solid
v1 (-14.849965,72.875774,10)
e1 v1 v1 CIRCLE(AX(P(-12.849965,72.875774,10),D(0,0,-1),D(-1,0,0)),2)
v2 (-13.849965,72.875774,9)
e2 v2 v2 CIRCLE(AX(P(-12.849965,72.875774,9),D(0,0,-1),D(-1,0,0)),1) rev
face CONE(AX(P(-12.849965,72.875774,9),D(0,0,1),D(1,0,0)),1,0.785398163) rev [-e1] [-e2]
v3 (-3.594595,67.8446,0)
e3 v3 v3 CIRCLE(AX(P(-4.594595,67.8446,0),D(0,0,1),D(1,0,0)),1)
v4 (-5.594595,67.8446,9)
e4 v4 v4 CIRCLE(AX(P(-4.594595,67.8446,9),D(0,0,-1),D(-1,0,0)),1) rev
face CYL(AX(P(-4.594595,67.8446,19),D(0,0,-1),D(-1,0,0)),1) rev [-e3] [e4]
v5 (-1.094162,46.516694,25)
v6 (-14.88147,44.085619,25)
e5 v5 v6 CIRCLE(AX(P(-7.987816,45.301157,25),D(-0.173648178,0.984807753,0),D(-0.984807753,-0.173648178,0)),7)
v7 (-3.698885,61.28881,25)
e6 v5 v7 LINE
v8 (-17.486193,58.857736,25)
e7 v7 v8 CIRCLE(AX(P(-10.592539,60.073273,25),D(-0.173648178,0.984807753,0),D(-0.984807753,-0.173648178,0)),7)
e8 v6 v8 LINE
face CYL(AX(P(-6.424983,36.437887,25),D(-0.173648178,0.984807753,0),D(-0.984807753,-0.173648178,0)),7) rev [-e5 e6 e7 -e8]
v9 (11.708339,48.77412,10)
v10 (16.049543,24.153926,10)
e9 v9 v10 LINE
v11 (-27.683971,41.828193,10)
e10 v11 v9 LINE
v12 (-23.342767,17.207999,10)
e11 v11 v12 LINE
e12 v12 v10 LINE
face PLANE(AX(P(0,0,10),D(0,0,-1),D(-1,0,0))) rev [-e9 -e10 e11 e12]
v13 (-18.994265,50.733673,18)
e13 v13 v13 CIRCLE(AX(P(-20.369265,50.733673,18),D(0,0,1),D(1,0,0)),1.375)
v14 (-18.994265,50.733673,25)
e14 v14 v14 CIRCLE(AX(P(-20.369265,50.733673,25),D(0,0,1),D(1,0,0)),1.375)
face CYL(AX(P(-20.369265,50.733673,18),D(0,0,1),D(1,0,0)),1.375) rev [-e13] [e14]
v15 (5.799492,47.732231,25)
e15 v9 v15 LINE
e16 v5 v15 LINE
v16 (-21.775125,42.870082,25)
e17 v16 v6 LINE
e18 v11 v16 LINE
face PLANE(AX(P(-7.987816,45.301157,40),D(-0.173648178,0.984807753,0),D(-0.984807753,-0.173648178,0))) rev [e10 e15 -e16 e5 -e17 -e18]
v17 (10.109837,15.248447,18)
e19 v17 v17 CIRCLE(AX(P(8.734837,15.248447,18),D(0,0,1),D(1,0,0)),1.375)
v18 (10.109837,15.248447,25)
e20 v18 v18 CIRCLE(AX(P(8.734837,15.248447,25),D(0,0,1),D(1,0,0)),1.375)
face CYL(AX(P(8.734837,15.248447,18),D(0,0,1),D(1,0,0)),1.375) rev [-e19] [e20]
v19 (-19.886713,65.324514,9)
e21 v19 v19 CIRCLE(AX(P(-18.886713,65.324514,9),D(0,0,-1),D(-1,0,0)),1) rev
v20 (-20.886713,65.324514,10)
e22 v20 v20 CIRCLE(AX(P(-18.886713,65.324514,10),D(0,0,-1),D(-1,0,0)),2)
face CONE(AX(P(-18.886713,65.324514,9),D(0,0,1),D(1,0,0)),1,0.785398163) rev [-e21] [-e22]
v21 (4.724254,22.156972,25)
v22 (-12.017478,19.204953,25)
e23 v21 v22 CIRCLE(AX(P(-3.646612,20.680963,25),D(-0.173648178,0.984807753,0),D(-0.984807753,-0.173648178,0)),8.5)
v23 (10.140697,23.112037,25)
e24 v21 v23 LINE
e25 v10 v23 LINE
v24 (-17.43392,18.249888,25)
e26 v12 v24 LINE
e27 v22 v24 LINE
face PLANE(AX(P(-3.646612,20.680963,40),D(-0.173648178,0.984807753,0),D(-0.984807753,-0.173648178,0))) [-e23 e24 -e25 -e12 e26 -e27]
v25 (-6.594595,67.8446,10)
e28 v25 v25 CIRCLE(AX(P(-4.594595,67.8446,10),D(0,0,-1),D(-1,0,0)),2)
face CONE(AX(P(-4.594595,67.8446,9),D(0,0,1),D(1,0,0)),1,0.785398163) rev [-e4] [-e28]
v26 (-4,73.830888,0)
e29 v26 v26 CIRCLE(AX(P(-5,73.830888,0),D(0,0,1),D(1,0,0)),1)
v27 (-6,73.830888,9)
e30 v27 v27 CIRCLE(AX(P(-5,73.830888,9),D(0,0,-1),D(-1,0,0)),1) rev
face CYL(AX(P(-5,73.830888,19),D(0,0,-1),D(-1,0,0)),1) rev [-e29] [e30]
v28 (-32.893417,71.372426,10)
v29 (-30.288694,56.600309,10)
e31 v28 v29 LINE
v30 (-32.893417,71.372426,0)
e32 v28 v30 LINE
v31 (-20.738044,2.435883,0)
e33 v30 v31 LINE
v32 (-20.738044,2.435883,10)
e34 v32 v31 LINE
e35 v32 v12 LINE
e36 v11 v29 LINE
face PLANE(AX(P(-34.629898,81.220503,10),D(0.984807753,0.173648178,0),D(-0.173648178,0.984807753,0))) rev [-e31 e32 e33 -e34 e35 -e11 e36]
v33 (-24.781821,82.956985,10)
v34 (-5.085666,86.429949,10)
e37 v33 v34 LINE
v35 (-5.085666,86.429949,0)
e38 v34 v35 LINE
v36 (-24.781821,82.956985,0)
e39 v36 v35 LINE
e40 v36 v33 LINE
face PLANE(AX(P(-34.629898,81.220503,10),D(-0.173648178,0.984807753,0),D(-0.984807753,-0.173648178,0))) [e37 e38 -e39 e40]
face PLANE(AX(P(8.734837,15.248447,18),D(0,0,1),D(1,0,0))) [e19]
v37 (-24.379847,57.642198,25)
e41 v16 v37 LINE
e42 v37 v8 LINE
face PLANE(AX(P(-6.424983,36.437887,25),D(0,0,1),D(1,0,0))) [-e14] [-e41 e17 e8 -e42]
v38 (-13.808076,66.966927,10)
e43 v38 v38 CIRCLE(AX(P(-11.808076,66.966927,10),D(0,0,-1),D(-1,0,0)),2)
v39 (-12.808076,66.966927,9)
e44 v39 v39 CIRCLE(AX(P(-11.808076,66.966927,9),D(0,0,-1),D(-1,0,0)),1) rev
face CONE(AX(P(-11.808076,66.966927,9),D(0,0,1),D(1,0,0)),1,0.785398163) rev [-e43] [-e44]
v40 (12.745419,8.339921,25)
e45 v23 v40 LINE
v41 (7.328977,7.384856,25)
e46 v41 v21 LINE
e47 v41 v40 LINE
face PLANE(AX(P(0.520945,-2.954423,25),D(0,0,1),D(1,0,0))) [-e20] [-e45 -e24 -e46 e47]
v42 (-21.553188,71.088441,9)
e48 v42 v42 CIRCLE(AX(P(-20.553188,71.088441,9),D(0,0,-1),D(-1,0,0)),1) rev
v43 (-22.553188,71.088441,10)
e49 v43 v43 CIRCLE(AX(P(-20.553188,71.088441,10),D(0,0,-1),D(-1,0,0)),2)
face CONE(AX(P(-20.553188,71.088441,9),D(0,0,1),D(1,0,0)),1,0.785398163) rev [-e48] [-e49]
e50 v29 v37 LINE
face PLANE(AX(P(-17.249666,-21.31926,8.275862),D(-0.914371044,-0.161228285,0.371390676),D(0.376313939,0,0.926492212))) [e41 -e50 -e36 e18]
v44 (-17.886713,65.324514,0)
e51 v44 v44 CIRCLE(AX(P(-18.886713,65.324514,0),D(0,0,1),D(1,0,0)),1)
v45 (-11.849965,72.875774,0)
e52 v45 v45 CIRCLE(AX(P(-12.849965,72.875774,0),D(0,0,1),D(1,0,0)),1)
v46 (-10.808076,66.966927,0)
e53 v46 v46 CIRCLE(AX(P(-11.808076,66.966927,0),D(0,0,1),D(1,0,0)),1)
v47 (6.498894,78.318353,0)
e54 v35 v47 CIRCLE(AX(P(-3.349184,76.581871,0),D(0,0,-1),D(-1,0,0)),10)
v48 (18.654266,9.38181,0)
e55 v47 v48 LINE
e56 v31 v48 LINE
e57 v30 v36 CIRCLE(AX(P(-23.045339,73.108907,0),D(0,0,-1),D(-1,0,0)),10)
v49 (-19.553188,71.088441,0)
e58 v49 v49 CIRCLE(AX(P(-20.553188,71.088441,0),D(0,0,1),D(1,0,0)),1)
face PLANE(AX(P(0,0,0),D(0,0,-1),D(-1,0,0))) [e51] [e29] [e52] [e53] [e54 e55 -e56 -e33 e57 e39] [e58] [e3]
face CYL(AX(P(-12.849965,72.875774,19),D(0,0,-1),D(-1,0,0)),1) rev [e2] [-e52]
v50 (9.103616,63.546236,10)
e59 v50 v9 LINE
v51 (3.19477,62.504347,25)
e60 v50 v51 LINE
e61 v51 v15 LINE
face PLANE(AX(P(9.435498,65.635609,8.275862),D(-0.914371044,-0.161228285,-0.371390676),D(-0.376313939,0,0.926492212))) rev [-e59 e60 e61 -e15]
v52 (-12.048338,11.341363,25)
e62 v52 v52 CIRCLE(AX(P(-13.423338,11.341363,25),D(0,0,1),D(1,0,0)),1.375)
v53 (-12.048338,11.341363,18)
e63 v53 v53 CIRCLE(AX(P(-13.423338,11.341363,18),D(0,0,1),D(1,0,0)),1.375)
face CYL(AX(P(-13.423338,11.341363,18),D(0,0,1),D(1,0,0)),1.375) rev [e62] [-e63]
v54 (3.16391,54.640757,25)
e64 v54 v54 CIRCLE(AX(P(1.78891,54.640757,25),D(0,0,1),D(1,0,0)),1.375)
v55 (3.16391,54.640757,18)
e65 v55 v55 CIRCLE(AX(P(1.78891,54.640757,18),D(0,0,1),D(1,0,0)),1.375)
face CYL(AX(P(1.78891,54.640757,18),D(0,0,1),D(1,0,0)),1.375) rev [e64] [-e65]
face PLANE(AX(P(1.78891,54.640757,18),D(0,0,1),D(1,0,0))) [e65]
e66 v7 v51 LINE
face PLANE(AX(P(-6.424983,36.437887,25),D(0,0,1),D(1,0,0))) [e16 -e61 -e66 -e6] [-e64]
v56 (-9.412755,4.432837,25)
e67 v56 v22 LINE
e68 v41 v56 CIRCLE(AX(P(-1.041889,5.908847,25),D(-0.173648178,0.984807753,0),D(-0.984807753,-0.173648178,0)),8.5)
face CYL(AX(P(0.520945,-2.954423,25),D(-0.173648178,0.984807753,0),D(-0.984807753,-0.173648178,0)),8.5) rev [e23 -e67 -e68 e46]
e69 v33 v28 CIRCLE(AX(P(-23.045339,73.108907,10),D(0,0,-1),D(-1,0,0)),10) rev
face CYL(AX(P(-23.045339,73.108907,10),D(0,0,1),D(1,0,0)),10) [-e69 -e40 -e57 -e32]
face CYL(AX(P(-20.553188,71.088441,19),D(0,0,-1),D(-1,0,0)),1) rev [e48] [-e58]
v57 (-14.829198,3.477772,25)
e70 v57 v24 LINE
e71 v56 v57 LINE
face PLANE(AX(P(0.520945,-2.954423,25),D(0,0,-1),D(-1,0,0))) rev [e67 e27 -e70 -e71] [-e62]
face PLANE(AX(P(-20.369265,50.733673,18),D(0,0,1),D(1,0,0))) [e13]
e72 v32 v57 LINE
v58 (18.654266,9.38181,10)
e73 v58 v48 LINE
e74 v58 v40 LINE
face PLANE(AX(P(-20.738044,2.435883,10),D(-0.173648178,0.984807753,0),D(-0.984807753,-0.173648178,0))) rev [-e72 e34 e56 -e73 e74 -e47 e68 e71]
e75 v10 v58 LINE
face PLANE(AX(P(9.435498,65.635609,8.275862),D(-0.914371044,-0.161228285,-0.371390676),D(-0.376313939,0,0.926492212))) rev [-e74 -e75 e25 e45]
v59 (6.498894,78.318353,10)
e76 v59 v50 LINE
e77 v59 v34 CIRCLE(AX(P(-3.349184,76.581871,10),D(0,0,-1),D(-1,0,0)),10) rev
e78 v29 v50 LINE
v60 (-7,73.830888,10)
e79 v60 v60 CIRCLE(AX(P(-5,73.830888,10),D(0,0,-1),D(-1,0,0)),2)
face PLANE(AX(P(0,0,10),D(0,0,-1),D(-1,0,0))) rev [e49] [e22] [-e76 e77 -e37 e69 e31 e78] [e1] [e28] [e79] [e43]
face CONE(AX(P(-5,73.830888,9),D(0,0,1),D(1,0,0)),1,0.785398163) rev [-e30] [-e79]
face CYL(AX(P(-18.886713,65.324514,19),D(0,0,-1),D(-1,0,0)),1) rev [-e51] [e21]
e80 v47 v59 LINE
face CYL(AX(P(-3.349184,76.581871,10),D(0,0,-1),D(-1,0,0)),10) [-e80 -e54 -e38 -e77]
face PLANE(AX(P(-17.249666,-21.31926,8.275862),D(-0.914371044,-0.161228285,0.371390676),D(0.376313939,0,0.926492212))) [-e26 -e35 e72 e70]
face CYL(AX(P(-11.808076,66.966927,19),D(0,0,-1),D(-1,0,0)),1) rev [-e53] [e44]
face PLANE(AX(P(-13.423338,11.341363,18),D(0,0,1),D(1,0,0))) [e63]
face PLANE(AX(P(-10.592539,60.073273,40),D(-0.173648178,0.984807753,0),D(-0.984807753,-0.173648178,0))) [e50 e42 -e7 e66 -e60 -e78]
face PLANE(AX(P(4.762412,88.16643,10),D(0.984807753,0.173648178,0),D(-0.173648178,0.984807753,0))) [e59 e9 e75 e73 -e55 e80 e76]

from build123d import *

# Parameters (mm, degrees)
BOSS_EXTRUDE7_DEPTH     = 10
SKETCH1_9_R             = 1
CUT_EXTRUDE4_DEPTH      = 19
CHAMFER1_SIZE           = 1
BOSS_EXTRUDE8_DEPTH     = 30
CUT_EXTRUDE7_DEPTH      = 42
CUT_EXTRUDE7_DEPTH_BACK = 39
CUT_EXTRUDE8_DEPTH      = 24
CUT_EXTRUDE9_DEPTH      = 24
SKETCH10_R              = 1.375
CUT_EXTRUDE10_DEPTH     = 7
FILLET1_R               = 10


with BuildPart() as part:
    # Sketch1 → Boss-Extrude7 (new body)
    with BuildSketch(Plane.XY):
        Polygon((-34.62989834, 81.220503206), (4.762411781, 88.166430312), (18.654265994, 9.381810071), (-20.738044126, 2.435882965), align=None)
    extrude(amount=BOSS_EXTRUDE7_DEPTH)

    # Sketch1<9> → Cut-Extrude4 (cut)
    with BuildSketch(Plane.XY):
        with Locations((-20.553187739, 71.088441211)):
            Circle(SKETCH1_9_R)
        with Locations((-5, 73.830887845)):
            Circle(SKETCH1_9_R)
        with Locations((-18.886713057, 65.324513545)):
            Circle(SKETCH1_9_R)
        with Locations((-4.594594595, 67.844599641)):
            Circle(SKETCH1_9_R)
        with Locations((-12.849965147, 72.875773723)):
            Circle(SKETCH1_9_R)
        with Locations((-11.808076081, 66.966927205)):
            Circle(SKETCH1_9_R)
    extrude(amount=CUT_EXTRUDE4_DEPTH, mode=Mode.SUBTRACT)

    # Chamfer1
    chamfer1_edges = [part.edges().sort_by_distance(p)[0] for p in [
        (-19.886713057, 65.324513545, 10),
        (-5.594594595, 67.844599641, 10),
        (-6, 73.830887845, 10),
        (-21.553187739, 71.088441211, 10),
        (-12.808076081, 66.966927205, 10),
        (-13.849965147, 72.875773723, 10),
    ]]
    chamfer(chamfer1_edges, length=CHAMFER1_SIZE)

    # Sketch6 → Boss-Extrude8 (add)
    with BuildSketch(Plane.XY.offset(10)):
        Polygon((16.049543329, 24.153926367), (-23.342766791, 17.20799926), (-20.738044126, 2.435882965), (18.654265994, 9.381810071), align=None)
        Polygon((-30.288693898, 56.60030938), (-27.683971233, 41.828193085), (11.708338888, 48.774120192), (9.103616223, 63.546236487), align=None)
    extrude(amount=BOSS_EXTRUDE8_DEPTH)

    # Sketch8 → Cut-Extrude7 (cut, two sides: drawn at the far end of the back side and taken through both)
    with BuildSketch(Plane(origin=(-3.646611731, 20.680962813, 0), x_dir=(0.984807753012227, 0.1736481776668232, 0), z_dir=(-0.1736481776668232, 0.984807753012227, 0)).offset(-CUT_EXTRUDE7_DEPTH_BACK)):
        Polygon((-14, -40), (-14, -25), (-20, -10), (-20, -40), align=None)
        Polygon((20, -10), (14, -25), (14, -40), (20, -40), align=None)
    extrude(amount=CUT_EXTRUDE7_DEPTH + CUT_EXTRUDE7_DEPTH_BACK, mode=Mode.SUBTRACT)

    # Sketch8<4> → Cut-Extrude8 (cut)
    with BuildSketch(Plane(origin=(-3.646611731, 20.680962813, 0), x_dir=(0.984807753012227, 0.1736481776668232, 0), z_dir=(-0.1736481776668232, 0.984807753012227, 0))):
        with BuildLine():
            Line((14, -25), (8.5, -25))
            ThreePointArc((8.5, -25), (0, -16.5), (-8.5, -25))
            Line((-8.5, -25), (-14, -25))
            Line((-14, -25), (-14, -40))
            Line((-14, -40), (14, -40))
            Line((14, -40), (14, -25))
        make_face()
    extrude(amount=-CUT_EXTRUDE8_DEPTH, mode=Mode.SUBTRACT)

    # Sketch7 → Cut-Extrude9 (cut)
    with BuildSketch(Plane(origin=(-10.592538838, 60.073272934, 0), x_dir=(0.984807753012227, 0.17364817766682317, 0), z_dir=(-0.17364817766682317, 0.984807753012227, 0))):
        with BuildLine():
            Line((20, -40), (20, -10))
            Line((20, -10), (14, -25))
            Line((14, -25), (7, -25))
            ThreePointArc((7, -25), (0, -18), (-7, -25))
            Line((-7, -25), (-14, -25))
            Line((-14, -25), (-20, -10))
            Line((-20, -10), (-20, -40))
            Line((-20, -40), (20, -40))
        make_face()
    extrude(amount=-CUT_EXTRUDE9_DEPTH, mode=Mode.SUBTRACT)

    # Sketch10 → Cut-Extrude10 (cut)
    with BuildSketch(Plane.XY.offset(25)):
        with Locations((-13.42333762, 11.341362667)):
            Circle(SKETCH10_R)
        with Locations((8.734836823, 15.248446664)):
            Circle(SKETCH10_R)
        with Locations((-20.369264727, 50.733672787)):
            Circle(SKETCH10_R)
        with Locations((1.788909716, 54.640756785)):
            Circle(SKETCH10_R)
    extrude(amount=-CUT_EXTRUDE10_DEPTH, mode=Mode.SUBTRACT)

    # Fillet1
    fillet1_edges = [part.edges().sort_by_distance(p)[0] for p in [
        (4.762411781, 88.166430312, 5),
        (-34.62989834, 81.220503206, 5),
    ]]
    fillet(fillet1_edges, radius=FILLET1_R)


solid = part.part
